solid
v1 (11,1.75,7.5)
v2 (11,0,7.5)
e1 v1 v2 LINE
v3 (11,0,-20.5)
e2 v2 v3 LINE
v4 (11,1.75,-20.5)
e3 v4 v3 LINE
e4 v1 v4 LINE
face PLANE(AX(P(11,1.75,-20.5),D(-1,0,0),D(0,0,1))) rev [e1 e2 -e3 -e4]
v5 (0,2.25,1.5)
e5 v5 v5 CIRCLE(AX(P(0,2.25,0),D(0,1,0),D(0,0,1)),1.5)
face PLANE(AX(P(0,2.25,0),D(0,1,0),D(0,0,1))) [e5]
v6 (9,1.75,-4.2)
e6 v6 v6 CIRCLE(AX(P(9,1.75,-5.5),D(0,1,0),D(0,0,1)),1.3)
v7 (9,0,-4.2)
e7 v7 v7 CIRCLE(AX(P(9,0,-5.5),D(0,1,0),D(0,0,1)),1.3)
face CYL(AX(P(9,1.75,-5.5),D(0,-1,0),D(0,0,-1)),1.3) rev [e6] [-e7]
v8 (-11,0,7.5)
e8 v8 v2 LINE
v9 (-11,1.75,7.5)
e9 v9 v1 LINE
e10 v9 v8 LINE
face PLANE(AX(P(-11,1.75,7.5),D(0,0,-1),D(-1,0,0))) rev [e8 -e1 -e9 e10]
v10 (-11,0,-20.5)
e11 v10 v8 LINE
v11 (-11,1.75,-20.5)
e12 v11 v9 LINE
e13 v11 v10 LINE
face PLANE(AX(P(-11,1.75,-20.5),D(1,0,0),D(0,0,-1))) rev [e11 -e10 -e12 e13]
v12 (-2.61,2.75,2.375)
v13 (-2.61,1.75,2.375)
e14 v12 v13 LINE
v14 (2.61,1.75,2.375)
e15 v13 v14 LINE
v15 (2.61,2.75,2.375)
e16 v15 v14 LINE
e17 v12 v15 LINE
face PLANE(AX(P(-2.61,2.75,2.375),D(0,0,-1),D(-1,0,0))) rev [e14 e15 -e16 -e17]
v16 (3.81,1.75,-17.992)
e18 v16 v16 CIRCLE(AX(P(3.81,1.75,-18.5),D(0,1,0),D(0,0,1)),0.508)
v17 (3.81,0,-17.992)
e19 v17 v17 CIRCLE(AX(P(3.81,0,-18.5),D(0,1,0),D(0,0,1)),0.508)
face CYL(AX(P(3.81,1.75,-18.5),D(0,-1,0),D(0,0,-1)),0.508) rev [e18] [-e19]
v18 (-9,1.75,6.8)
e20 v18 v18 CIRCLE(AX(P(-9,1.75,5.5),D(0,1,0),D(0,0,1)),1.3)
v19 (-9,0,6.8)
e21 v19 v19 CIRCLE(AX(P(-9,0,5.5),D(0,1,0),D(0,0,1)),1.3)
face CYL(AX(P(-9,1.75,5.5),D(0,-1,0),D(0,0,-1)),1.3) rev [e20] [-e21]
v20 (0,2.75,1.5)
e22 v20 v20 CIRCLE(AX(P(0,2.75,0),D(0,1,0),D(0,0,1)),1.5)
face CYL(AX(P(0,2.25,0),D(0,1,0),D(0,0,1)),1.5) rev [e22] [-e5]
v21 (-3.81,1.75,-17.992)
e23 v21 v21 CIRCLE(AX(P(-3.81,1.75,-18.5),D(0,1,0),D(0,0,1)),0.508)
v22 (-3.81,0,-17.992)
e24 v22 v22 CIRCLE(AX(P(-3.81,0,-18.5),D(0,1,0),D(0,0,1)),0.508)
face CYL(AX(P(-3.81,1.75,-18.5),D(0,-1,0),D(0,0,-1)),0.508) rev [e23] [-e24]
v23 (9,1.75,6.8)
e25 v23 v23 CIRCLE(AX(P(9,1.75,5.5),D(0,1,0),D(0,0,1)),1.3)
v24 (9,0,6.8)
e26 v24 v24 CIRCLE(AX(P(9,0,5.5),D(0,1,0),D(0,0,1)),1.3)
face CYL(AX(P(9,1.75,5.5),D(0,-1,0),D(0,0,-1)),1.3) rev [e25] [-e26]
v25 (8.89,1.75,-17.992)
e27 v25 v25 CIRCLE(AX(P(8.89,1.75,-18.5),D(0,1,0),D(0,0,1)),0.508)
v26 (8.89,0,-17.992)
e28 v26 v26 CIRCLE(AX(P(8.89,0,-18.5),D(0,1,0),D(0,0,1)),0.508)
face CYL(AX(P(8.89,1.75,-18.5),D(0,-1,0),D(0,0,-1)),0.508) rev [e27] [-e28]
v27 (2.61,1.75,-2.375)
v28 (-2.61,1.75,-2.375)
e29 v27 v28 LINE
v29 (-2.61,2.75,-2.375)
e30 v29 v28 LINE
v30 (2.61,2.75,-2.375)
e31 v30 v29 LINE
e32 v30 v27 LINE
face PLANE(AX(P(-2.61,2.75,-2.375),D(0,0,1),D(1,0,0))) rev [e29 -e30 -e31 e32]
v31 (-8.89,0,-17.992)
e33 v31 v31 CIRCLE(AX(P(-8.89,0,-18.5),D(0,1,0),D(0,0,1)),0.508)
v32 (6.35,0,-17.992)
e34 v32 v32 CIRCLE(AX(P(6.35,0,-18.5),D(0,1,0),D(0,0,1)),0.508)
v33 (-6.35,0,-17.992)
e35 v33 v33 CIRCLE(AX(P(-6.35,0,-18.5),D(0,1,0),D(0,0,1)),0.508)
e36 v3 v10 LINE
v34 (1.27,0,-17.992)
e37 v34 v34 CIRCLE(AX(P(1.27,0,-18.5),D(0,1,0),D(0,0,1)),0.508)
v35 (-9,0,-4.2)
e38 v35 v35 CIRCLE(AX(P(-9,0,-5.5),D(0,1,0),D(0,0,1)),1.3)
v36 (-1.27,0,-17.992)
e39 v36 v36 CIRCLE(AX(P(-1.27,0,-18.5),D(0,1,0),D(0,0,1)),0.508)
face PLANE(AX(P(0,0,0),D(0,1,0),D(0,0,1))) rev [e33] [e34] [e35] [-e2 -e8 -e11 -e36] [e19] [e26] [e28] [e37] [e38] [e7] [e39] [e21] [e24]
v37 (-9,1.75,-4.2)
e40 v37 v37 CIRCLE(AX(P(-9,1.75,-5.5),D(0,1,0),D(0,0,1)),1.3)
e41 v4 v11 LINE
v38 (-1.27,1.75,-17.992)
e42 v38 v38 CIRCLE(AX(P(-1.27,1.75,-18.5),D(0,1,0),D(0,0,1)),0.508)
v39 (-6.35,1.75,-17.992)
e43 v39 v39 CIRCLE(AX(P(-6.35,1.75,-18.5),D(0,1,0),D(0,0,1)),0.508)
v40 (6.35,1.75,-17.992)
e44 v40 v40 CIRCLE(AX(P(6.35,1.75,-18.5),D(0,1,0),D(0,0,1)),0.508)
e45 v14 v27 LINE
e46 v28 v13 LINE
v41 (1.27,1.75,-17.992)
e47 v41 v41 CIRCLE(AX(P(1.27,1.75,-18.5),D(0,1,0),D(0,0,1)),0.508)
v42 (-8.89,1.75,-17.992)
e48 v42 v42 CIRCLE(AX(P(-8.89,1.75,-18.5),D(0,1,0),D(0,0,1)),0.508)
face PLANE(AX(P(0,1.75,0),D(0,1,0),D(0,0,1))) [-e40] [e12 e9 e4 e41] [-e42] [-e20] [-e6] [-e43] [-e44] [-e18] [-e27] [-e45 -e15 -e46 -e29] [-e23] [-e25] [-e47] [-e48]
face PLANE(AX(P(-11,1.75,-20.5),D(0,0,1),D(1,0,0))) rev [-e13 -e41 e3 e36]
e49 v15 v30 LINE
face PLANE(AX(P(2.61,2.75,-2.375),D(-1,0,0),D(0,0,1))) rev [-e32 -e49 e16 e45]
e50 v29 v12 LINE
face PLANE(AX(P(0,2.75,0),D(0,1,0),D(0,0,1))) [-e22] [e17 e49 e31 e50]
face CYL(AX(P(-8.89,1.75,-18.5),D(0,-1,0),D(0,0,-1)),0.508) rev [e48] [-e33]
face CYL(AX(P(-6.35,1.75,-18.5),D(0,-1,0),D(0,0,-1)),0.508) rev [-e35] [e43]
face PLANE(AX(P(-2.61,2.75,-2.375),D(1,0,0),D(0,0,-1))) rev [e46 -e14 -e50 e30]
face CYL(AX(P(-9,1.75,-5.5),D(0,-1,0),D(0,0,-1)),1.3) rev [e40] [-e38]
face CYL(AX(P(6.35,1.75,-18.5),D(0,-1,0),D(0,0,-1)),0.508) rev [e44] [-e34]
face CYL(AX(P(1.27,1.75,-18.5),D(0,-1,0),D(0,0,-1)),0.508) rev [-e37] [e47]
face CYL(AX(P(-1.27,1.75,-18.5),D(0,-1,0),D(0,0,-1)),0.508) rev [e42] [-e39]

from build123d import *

# Parameters (mm, degrees)
SKETCH1_W           = 22
SKETCH1_H           = 28
SKETCH1_R           = 1.3
SKETCH1_R_2         = 0.508
BOSS_EXTRUDE1_DEPTH = 1.75
SKETCH2_W           = 5.22
SKETCH2_H           = 4.75
BOSS_EXTRUDE2_DEPTH = 1
SKETCH3_R           = 1.5
CUT_EXTRUDE1_DEPTH  = 0.5


with BuildPart() as part:
    # Sketch1 → Boss-Extrude1 (new body)
    with BuildSketch(Plane(origin=(0, 0, 0), x_dir=(1, 0, 0), z_dir=(0, 1, 0))):
        with Locations((0, 6.5)):
            Rectangle(SKETCH1_W, SKETCH1_H)
        with Locations(Location((-9, 5.5, 0), (0, 0, 270))):
            Circle(SKETCH1_R, mode=Mode.SUBTRACT)
        with Locations(Location((9, 5.5, 0), (0, 0, 270))):
            Circle(SKETCH1_R, mode=Mode.SUBTRACT)
        with Locations(Location((9, -5.5, 0), (0, 0, 270))):
            Circle(SKETCH1_R, mode=Mode.SUBTRACT)
        with Locations(Location((-9, -5.5, 0), (0, 0, 270))):
            Circle(SKETCH1_R, mode=Mode.SUBTRACT)
        with Locations(Location((-8.89, 18.5, 0), (0, 0, 270))):
            Circle(SKETCH1_R_2, mode=Mode.SUBTRACT)
        with Locations(Location((-6.35, 18.5, 0), (0, 0, 270))):
            Circle(SKETCH1_R_2, mode=Mode.SUBTRACT)
        with Locations(Location((-3.81, 18.5, 0), (0, 0, 270))):
            Circle(SKETCH1_R_2, mode=Mode.SUBTRACT)
        with Locations(Location((-1.27, 18.5, 0), (0, 0, 270))):
            Circle(SKETCH1_R_2, mode=Mode.SUBTRACT)
        with Locations(Location((1.27, 18.5, 0), (0, 0, 270))):
            Circle(SKETCH1_R_2, mode=Mode.SUBTRACT)
        with Locations(Location((3.81, 18.5, 0), (0, 0, 270))):
            Circle(SKETCH1_R_2, mode=Mode.SUBTRACT)
        with Locations(Location((6.35, 18.5, 0), (0, 0, 270))):
            Circle(SKETCH1_R_2, mode=Mode.SUBTRACT)
        with Locations(Location((8.89, 18.5, 0), (0, 0, 270))):
            Circle(SKETCH1_R_2, mode=Mode.SUBTRACT)
    extrude(amount=BOSS_EXTRUDE1_DEPTH)

    # Sketch2 → Boss-Extrude2 (add)
    with BuildSketch(Plane(origin=(0, 1.75, 0), x_dir=(1, 0, 0), z_dir=(0, 1, 0))):
        Rectangle(SKETCH2_W, SKETCH2_H)
    extrude(amount=BOSS_EXTRUDE2_DEPTH)

    # Sketch3 → Cut-Extrude1 (cut)
    with BuildSketch(Plane(origin=(0, 2.75, 0), x_dir=(1, 0, 0), z_dir=(0, 1, 0))):
        with Locations(Location((0, 0, 0), (0, 0, 270))):
            Circle(SKETCH3_R)
    extrude(amount=-CUT_EXTRUDE1_DEPTH, mode=Mode.SUBTRACT)


solid = part.part
